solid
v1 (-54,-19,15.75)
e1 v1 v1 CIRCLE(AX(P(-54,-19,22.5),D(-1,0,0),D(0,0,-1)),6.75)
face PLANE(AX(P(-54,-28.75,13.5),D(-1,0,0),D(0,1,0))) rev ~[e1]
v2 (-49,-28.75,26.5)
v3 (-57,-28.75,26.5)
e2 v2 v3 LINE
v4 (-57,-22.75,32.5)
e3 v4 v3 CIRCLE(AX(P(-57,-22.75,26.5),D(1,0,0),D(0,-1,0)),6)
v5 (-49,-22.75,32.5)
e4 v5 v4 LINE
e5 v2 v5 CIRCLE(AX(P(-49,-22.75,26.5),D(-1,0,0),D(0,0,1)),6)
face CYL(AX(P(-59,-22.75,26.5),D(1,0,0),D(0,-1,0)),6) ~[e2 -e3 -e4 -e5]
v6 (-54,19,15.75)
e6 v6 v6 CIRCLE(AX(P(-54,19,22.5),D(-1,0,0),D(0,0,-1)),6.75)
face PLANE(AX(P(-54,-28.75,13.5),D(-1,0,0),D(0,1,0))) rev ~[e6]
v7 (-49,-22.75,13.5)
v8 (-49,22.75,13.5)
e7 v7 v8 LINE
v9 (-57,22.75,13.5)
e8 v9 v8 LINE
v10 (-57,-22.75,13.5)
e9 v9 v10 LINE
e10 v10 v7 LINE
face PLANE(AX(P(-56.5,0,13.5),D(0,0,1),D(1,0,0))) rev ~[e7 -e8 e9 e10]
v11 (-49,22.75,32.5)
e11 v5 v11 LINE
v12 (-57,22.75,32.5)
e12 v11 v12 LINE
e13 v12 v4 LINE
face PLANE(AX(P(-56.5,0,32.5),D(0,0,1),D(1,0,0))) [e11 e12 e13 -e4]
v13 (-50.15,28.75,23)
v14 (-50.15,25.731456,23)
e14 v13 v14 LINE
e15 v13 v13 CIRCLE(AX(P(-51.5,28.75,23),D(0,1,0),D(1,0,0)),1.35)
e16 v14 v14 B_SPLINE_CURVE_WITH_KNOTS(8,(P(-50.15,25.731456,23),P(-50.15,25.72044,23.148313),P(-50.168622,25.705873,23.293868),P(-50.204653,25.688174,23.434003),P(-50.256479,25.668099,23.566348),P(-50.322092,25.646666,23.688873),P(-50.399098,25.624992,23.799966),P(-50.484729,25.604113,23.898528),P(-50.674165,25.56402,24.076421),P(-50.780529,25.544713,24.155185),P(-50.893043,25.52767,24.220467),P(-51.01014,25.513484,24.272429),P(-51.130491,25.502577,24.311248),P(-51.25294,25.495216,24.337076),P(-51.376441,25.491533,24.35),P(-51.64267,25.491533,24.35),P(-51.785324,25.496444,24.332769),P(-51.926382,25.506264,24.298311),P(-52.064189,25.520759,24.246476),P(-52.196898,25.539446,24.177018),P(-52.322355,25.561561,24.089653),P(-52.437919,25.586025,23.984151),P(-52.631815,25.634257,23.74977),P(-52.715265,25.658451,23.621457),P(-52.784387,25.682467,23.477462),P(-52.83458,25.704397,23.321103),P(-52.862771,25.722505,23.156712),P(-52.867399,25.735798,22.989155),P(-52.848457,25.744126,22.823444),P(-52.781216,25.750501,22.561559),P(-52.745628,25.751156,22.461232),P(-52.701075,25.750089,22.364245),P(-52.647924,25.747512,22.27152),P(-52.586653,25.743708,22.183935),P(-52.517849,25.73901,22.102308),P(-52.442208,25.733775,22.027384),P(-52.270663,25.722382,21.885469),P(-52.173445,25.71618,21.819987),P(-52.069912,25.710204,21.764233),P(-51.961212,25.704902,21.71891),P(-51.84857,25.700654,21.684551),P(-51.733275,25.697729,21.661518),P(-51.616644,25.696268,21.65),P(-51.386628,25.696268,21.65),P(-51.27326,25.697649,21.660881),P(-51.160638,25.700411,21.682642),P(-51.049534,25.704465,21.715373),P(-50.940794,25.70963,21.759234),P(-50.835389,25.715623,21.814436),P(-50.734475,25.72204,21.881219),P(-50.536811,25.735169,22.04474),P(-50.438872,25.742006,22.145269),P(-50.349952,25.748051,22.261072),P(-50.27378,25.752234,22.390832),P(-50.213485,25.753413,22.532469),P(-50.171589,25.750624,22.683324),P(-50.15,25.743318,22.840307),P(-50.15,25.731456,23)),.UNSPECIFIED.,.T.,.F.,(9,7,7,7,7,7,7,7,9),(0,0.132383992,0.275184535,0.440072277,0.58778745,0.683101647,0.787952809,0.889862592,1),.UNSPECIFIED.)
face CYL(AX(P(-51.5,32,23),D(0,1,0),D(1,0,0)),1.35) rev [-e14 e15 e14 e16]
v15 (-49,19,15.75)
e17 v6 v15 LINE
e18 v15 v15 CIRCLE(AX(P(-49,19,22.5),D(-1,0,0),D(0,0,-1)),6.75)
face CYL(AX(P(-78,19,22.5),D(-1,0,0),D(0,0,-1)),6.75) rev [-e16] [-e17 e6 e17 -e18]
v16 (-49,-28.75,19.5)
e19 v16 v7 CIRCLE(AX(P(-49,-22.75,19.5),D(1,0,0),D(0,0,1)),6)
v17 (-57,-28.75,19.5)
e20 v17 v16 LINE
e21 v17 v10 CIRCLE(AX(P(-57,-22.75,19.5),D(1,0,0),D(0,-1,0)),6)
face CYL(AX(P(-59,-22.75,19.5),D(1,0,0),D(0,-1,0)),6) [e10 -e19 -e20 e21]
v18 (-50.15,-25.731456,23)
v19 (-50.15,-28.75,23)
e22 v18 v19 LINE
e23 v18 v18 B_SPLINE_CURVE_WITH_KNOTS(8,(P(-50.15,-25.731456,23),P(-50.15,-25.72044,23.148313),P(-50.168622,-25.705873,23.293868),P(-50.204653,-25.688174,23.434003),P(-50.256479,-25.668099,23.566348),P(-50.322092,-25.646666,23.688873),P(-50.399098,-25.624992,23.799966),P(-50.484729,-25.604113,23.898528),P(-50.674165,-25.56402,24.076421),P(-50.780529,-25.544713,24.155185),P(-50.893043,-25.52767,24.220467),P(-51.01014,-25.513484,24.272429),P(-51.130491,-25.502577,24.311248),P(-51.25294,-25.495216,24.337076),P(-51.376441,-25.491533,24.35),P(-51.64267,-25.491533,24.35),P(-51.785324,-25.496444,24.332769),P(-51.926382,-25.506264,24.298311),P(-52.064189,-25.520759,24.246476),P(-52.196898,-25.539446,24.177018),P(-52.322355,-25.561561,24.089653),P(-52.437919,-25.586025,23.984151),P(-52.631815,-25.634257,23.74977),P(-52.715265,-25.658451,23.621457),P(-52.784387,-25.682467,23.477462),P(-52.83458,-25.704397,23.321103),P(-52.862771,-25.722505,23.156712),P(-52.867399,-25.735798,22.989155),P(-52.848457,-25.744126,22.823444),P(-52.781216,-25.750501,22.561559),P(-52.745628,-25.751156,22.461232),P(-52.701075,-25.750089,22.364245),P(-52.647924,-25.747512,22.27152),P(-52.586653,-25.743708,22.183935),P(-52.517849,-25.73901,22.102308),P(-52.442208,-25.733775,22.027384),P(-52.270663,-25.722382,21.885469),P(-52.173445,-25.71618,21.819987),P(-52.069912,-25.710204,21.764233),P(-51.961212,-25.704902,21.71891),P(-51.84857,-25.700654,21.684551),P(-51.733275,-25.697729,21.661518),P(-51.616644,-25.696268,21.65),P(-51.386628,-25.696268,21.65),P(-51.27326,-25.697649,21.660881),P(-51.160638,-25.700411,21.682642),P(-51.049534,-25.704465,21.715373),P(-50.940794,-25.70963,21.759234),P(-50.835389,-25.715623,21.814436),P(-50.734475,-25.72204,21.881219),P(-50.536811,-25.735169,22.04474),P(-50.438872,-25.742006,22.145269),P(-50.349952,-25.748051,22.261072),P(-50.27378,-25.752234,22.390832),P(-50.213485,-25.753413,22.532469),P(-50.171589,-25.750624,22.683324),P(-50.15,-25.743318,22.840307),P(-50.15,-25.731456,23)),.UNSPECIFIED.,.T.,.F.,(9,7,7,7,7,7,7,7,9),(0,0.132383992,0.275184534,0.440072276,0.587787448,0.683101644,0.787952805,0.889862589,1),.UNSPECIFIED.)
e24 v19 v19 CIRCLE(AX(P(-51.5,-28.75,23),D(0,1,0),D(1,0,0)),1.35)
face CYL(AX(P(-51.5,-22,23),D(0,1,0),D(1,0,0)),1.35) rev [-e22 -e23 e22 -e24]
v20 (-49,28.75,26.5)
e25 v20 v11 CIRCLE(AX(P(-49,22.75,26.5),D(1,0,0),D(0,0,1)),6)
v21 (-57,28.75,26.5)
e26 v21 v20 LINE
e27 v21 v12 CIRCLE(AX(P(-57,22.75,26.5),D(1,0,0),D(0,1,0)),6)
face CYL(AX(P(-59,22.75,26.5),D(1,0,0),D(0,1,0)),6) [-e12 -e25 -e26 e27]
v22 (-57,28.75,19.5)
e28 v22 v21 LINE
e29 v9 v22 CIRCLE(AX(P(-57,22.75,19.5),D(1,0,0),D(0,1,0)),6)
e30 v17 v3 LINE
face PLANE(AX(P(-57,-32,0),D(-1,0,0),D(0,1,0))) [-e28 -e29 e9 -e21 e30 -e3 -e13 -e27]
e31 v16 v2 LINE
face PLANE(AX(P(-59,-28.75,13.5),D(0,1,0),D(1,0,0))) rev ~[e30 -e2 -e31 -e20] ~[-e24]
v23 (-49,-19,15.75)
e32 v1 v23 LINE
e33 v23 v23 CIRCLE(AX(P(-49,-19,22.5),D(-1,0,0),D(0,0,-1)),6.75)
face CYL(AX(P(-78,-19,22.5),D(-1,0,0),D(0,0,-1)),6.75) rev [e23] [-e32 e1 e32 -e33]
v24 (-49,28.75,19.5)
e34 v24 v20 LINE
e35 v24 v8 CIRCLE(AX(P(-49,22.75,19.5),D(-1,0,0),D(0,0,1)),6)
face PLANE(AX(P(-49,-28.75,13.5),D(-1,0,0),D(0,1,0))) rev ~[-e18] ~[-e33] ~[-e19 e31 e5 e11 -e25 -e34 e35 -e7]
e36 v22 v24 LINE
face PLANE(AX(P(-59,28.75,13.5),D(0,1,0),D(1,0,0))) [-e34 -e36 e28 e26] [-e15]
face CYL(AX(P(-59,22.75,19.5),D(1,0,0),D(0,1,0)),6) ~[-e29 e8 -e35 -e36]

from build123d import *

# Parameters (mm, degrees)
BOX008_W          = 10
BOX008_H          = 64
BOX008_DEPTH      = 42
BOX006_W          = 5
BOX006_H          = 57.5
BOX006_DEPTH      = 19
FILLET008_R       = 6
CYLINDER027_R     = 1.35
CYLINDER027_DEPTH = 10
CYLINDER025_R     = 1.35
CYLINDER025_DEPTH = 10
CYLINDER028_R     = 6.75
CYLINDER028_DEPTH = 50
CYLINDER026_R     = 6.75
CYLINDER026_DEPTH = 50
BOX007_W          = 5
BOX007_H          = 57.5
BOX007_DEPTH      = 19
FILLET009_R       = 6


with BuildPart() as cube008:
    # Box008 → Box008 (new body)
    with BuildSketch(Plane(origin=(-32, -32, 0), x_dir=(1, 0, 0), z_dir=(0, 0, 1))):
        with Locations((5, 32)):
            Rectangle(BOX008_W, BOX008_H)
    extrude(amount=BOX008_DEPTH)


with BuildPart() as cut024:
    # Box006 → Box006 (new body)
    with BuildSketch(Plane(origin=(0, -28.75, 13.5), x_dir=(1, 0, 0), z_dir=(0, 0, 1))):
        with Locations((2.5, 28.75)):
            Rectangle(BOX006_W, BOX006_H)
    extrude(amount=BOX006_DEPTH)

    # Fillet008
    fillet008_edges = [cut024.edges().sort_by_distance(p)[0] for p in [
        (2.5, -28.75, 13.5),
        (2.5, -28.75, 32.5),
        (2.5, 28.75, 13.5),
        (2.5, 28.75, 32.5),
    ]]
    fillet(fillet008_edges, radius=FILLET008_R)


with BuildPart() as cut024_1:
    # Fillet008 placement: moved
    add(cut024.part.moved(Location((-24, 0, 0))))

    # Cut024: cut Cube008
    add(cube008.part, mode=Mode.SUBTRACT)


with BuildPart() as cut024_2:
    # Cut024 placement: moved
    add(cut024_1.part.moved(Location((19, 0, 0))))


with BuildPart() as cylinder019:
    # Cylinder027 → Cylinder027 (new body)
    with BuildSketch(Plane(origin=(2.5, -22, 23), x_dir=(1, 0, 0), z_dir=(0, -1, 0))):
        Circle(CYLINDER027_R)
    extrude(amount=CYLINDER027_DEPTH)


with BuildPart() as cylinder018:
    # Cylinder025 → Cylinder025 (new body)
    with BuildSketch(Plane(origin=(2.5, 32, 23), x_dir=(1, 0, 0), z_dir=(0, -1, 0))):
        Circle(CYLINDER025_R)
    extrude(amount=CYLINDER025_DEPTH)


with BuildPart() as tubo008:
    # Cylinder028 → Cylinder028 (new body)
    with BuildSketch(Plane(origin=(-24, 19, 22.5), x_dir=(0, 0, -1), z_dir=(1, 0, 0))):
        Circle(CYLINDER028_R)
    extrude(amount=CYLINDER028_DEPTH)


with BuildPart() as tubo007:
    # Cylinder026 → Cylinder026 (new body)
    with BuildSketch(Plane(origin=(-24, -19, 22.5), x_dir=(0, 0, -1), z_dir=(1, 0, 0))):
        Circle(CYLINDER026_R)
    extrude(amount=CYLINDER026_DEPTH)


with BuildPart() as soporte_tapa_tubos:
    # Box007 → Box007 (new body)
    with BuildSketch(Plane(origin=(0, -28.75, 13.5), x_dir=(1, 0, 0), z_dir=(0, 0, 1))):
        with Locations((2.5, 28.75)):
            Rectangle(BOX007_W, BOX007_H)
    extrude(amount=BOX007_DEPTH)

    # Fillet009
    fillet009_edges = [soporte_tapa_tubos.edges().sort_by_distance(p)[0] for p in [
        (2.5, -28.75, 13.5),
        (2.5, -28.75, 32.5),
        (2.5, 28.75, 13.5),
        (2.5, 28.75, 32.5),
    ]]
    fillet(fillet009_edges, radius=FILLET009_R)

    # Cut022: cut tubo007
    add(tubo007.part, mode=Mode.SUBTRACT)

    # Cut020: cut tubo008
    add(tubo008.part, mode=Mode.SUBTRACT)

    # Cut023: cut Cylinder018
    add(cylinder018.part, mode=Mode.SUBTRACT)

    # Cut021: cut Cylinder019
    add(cylinder019.part, mode=Mode.SUBTRACT)

    # Fusion007: union Cut024
    add(cut024_2.part)


with BuildPart() as soporte_tapa_tubos_1:
    # Fusion007 placement: moved
    add(soporte_tapa_tubos.part.moved(Location((-54, 0, 0))))


solid = soporte_tapa_tubos_1.part
